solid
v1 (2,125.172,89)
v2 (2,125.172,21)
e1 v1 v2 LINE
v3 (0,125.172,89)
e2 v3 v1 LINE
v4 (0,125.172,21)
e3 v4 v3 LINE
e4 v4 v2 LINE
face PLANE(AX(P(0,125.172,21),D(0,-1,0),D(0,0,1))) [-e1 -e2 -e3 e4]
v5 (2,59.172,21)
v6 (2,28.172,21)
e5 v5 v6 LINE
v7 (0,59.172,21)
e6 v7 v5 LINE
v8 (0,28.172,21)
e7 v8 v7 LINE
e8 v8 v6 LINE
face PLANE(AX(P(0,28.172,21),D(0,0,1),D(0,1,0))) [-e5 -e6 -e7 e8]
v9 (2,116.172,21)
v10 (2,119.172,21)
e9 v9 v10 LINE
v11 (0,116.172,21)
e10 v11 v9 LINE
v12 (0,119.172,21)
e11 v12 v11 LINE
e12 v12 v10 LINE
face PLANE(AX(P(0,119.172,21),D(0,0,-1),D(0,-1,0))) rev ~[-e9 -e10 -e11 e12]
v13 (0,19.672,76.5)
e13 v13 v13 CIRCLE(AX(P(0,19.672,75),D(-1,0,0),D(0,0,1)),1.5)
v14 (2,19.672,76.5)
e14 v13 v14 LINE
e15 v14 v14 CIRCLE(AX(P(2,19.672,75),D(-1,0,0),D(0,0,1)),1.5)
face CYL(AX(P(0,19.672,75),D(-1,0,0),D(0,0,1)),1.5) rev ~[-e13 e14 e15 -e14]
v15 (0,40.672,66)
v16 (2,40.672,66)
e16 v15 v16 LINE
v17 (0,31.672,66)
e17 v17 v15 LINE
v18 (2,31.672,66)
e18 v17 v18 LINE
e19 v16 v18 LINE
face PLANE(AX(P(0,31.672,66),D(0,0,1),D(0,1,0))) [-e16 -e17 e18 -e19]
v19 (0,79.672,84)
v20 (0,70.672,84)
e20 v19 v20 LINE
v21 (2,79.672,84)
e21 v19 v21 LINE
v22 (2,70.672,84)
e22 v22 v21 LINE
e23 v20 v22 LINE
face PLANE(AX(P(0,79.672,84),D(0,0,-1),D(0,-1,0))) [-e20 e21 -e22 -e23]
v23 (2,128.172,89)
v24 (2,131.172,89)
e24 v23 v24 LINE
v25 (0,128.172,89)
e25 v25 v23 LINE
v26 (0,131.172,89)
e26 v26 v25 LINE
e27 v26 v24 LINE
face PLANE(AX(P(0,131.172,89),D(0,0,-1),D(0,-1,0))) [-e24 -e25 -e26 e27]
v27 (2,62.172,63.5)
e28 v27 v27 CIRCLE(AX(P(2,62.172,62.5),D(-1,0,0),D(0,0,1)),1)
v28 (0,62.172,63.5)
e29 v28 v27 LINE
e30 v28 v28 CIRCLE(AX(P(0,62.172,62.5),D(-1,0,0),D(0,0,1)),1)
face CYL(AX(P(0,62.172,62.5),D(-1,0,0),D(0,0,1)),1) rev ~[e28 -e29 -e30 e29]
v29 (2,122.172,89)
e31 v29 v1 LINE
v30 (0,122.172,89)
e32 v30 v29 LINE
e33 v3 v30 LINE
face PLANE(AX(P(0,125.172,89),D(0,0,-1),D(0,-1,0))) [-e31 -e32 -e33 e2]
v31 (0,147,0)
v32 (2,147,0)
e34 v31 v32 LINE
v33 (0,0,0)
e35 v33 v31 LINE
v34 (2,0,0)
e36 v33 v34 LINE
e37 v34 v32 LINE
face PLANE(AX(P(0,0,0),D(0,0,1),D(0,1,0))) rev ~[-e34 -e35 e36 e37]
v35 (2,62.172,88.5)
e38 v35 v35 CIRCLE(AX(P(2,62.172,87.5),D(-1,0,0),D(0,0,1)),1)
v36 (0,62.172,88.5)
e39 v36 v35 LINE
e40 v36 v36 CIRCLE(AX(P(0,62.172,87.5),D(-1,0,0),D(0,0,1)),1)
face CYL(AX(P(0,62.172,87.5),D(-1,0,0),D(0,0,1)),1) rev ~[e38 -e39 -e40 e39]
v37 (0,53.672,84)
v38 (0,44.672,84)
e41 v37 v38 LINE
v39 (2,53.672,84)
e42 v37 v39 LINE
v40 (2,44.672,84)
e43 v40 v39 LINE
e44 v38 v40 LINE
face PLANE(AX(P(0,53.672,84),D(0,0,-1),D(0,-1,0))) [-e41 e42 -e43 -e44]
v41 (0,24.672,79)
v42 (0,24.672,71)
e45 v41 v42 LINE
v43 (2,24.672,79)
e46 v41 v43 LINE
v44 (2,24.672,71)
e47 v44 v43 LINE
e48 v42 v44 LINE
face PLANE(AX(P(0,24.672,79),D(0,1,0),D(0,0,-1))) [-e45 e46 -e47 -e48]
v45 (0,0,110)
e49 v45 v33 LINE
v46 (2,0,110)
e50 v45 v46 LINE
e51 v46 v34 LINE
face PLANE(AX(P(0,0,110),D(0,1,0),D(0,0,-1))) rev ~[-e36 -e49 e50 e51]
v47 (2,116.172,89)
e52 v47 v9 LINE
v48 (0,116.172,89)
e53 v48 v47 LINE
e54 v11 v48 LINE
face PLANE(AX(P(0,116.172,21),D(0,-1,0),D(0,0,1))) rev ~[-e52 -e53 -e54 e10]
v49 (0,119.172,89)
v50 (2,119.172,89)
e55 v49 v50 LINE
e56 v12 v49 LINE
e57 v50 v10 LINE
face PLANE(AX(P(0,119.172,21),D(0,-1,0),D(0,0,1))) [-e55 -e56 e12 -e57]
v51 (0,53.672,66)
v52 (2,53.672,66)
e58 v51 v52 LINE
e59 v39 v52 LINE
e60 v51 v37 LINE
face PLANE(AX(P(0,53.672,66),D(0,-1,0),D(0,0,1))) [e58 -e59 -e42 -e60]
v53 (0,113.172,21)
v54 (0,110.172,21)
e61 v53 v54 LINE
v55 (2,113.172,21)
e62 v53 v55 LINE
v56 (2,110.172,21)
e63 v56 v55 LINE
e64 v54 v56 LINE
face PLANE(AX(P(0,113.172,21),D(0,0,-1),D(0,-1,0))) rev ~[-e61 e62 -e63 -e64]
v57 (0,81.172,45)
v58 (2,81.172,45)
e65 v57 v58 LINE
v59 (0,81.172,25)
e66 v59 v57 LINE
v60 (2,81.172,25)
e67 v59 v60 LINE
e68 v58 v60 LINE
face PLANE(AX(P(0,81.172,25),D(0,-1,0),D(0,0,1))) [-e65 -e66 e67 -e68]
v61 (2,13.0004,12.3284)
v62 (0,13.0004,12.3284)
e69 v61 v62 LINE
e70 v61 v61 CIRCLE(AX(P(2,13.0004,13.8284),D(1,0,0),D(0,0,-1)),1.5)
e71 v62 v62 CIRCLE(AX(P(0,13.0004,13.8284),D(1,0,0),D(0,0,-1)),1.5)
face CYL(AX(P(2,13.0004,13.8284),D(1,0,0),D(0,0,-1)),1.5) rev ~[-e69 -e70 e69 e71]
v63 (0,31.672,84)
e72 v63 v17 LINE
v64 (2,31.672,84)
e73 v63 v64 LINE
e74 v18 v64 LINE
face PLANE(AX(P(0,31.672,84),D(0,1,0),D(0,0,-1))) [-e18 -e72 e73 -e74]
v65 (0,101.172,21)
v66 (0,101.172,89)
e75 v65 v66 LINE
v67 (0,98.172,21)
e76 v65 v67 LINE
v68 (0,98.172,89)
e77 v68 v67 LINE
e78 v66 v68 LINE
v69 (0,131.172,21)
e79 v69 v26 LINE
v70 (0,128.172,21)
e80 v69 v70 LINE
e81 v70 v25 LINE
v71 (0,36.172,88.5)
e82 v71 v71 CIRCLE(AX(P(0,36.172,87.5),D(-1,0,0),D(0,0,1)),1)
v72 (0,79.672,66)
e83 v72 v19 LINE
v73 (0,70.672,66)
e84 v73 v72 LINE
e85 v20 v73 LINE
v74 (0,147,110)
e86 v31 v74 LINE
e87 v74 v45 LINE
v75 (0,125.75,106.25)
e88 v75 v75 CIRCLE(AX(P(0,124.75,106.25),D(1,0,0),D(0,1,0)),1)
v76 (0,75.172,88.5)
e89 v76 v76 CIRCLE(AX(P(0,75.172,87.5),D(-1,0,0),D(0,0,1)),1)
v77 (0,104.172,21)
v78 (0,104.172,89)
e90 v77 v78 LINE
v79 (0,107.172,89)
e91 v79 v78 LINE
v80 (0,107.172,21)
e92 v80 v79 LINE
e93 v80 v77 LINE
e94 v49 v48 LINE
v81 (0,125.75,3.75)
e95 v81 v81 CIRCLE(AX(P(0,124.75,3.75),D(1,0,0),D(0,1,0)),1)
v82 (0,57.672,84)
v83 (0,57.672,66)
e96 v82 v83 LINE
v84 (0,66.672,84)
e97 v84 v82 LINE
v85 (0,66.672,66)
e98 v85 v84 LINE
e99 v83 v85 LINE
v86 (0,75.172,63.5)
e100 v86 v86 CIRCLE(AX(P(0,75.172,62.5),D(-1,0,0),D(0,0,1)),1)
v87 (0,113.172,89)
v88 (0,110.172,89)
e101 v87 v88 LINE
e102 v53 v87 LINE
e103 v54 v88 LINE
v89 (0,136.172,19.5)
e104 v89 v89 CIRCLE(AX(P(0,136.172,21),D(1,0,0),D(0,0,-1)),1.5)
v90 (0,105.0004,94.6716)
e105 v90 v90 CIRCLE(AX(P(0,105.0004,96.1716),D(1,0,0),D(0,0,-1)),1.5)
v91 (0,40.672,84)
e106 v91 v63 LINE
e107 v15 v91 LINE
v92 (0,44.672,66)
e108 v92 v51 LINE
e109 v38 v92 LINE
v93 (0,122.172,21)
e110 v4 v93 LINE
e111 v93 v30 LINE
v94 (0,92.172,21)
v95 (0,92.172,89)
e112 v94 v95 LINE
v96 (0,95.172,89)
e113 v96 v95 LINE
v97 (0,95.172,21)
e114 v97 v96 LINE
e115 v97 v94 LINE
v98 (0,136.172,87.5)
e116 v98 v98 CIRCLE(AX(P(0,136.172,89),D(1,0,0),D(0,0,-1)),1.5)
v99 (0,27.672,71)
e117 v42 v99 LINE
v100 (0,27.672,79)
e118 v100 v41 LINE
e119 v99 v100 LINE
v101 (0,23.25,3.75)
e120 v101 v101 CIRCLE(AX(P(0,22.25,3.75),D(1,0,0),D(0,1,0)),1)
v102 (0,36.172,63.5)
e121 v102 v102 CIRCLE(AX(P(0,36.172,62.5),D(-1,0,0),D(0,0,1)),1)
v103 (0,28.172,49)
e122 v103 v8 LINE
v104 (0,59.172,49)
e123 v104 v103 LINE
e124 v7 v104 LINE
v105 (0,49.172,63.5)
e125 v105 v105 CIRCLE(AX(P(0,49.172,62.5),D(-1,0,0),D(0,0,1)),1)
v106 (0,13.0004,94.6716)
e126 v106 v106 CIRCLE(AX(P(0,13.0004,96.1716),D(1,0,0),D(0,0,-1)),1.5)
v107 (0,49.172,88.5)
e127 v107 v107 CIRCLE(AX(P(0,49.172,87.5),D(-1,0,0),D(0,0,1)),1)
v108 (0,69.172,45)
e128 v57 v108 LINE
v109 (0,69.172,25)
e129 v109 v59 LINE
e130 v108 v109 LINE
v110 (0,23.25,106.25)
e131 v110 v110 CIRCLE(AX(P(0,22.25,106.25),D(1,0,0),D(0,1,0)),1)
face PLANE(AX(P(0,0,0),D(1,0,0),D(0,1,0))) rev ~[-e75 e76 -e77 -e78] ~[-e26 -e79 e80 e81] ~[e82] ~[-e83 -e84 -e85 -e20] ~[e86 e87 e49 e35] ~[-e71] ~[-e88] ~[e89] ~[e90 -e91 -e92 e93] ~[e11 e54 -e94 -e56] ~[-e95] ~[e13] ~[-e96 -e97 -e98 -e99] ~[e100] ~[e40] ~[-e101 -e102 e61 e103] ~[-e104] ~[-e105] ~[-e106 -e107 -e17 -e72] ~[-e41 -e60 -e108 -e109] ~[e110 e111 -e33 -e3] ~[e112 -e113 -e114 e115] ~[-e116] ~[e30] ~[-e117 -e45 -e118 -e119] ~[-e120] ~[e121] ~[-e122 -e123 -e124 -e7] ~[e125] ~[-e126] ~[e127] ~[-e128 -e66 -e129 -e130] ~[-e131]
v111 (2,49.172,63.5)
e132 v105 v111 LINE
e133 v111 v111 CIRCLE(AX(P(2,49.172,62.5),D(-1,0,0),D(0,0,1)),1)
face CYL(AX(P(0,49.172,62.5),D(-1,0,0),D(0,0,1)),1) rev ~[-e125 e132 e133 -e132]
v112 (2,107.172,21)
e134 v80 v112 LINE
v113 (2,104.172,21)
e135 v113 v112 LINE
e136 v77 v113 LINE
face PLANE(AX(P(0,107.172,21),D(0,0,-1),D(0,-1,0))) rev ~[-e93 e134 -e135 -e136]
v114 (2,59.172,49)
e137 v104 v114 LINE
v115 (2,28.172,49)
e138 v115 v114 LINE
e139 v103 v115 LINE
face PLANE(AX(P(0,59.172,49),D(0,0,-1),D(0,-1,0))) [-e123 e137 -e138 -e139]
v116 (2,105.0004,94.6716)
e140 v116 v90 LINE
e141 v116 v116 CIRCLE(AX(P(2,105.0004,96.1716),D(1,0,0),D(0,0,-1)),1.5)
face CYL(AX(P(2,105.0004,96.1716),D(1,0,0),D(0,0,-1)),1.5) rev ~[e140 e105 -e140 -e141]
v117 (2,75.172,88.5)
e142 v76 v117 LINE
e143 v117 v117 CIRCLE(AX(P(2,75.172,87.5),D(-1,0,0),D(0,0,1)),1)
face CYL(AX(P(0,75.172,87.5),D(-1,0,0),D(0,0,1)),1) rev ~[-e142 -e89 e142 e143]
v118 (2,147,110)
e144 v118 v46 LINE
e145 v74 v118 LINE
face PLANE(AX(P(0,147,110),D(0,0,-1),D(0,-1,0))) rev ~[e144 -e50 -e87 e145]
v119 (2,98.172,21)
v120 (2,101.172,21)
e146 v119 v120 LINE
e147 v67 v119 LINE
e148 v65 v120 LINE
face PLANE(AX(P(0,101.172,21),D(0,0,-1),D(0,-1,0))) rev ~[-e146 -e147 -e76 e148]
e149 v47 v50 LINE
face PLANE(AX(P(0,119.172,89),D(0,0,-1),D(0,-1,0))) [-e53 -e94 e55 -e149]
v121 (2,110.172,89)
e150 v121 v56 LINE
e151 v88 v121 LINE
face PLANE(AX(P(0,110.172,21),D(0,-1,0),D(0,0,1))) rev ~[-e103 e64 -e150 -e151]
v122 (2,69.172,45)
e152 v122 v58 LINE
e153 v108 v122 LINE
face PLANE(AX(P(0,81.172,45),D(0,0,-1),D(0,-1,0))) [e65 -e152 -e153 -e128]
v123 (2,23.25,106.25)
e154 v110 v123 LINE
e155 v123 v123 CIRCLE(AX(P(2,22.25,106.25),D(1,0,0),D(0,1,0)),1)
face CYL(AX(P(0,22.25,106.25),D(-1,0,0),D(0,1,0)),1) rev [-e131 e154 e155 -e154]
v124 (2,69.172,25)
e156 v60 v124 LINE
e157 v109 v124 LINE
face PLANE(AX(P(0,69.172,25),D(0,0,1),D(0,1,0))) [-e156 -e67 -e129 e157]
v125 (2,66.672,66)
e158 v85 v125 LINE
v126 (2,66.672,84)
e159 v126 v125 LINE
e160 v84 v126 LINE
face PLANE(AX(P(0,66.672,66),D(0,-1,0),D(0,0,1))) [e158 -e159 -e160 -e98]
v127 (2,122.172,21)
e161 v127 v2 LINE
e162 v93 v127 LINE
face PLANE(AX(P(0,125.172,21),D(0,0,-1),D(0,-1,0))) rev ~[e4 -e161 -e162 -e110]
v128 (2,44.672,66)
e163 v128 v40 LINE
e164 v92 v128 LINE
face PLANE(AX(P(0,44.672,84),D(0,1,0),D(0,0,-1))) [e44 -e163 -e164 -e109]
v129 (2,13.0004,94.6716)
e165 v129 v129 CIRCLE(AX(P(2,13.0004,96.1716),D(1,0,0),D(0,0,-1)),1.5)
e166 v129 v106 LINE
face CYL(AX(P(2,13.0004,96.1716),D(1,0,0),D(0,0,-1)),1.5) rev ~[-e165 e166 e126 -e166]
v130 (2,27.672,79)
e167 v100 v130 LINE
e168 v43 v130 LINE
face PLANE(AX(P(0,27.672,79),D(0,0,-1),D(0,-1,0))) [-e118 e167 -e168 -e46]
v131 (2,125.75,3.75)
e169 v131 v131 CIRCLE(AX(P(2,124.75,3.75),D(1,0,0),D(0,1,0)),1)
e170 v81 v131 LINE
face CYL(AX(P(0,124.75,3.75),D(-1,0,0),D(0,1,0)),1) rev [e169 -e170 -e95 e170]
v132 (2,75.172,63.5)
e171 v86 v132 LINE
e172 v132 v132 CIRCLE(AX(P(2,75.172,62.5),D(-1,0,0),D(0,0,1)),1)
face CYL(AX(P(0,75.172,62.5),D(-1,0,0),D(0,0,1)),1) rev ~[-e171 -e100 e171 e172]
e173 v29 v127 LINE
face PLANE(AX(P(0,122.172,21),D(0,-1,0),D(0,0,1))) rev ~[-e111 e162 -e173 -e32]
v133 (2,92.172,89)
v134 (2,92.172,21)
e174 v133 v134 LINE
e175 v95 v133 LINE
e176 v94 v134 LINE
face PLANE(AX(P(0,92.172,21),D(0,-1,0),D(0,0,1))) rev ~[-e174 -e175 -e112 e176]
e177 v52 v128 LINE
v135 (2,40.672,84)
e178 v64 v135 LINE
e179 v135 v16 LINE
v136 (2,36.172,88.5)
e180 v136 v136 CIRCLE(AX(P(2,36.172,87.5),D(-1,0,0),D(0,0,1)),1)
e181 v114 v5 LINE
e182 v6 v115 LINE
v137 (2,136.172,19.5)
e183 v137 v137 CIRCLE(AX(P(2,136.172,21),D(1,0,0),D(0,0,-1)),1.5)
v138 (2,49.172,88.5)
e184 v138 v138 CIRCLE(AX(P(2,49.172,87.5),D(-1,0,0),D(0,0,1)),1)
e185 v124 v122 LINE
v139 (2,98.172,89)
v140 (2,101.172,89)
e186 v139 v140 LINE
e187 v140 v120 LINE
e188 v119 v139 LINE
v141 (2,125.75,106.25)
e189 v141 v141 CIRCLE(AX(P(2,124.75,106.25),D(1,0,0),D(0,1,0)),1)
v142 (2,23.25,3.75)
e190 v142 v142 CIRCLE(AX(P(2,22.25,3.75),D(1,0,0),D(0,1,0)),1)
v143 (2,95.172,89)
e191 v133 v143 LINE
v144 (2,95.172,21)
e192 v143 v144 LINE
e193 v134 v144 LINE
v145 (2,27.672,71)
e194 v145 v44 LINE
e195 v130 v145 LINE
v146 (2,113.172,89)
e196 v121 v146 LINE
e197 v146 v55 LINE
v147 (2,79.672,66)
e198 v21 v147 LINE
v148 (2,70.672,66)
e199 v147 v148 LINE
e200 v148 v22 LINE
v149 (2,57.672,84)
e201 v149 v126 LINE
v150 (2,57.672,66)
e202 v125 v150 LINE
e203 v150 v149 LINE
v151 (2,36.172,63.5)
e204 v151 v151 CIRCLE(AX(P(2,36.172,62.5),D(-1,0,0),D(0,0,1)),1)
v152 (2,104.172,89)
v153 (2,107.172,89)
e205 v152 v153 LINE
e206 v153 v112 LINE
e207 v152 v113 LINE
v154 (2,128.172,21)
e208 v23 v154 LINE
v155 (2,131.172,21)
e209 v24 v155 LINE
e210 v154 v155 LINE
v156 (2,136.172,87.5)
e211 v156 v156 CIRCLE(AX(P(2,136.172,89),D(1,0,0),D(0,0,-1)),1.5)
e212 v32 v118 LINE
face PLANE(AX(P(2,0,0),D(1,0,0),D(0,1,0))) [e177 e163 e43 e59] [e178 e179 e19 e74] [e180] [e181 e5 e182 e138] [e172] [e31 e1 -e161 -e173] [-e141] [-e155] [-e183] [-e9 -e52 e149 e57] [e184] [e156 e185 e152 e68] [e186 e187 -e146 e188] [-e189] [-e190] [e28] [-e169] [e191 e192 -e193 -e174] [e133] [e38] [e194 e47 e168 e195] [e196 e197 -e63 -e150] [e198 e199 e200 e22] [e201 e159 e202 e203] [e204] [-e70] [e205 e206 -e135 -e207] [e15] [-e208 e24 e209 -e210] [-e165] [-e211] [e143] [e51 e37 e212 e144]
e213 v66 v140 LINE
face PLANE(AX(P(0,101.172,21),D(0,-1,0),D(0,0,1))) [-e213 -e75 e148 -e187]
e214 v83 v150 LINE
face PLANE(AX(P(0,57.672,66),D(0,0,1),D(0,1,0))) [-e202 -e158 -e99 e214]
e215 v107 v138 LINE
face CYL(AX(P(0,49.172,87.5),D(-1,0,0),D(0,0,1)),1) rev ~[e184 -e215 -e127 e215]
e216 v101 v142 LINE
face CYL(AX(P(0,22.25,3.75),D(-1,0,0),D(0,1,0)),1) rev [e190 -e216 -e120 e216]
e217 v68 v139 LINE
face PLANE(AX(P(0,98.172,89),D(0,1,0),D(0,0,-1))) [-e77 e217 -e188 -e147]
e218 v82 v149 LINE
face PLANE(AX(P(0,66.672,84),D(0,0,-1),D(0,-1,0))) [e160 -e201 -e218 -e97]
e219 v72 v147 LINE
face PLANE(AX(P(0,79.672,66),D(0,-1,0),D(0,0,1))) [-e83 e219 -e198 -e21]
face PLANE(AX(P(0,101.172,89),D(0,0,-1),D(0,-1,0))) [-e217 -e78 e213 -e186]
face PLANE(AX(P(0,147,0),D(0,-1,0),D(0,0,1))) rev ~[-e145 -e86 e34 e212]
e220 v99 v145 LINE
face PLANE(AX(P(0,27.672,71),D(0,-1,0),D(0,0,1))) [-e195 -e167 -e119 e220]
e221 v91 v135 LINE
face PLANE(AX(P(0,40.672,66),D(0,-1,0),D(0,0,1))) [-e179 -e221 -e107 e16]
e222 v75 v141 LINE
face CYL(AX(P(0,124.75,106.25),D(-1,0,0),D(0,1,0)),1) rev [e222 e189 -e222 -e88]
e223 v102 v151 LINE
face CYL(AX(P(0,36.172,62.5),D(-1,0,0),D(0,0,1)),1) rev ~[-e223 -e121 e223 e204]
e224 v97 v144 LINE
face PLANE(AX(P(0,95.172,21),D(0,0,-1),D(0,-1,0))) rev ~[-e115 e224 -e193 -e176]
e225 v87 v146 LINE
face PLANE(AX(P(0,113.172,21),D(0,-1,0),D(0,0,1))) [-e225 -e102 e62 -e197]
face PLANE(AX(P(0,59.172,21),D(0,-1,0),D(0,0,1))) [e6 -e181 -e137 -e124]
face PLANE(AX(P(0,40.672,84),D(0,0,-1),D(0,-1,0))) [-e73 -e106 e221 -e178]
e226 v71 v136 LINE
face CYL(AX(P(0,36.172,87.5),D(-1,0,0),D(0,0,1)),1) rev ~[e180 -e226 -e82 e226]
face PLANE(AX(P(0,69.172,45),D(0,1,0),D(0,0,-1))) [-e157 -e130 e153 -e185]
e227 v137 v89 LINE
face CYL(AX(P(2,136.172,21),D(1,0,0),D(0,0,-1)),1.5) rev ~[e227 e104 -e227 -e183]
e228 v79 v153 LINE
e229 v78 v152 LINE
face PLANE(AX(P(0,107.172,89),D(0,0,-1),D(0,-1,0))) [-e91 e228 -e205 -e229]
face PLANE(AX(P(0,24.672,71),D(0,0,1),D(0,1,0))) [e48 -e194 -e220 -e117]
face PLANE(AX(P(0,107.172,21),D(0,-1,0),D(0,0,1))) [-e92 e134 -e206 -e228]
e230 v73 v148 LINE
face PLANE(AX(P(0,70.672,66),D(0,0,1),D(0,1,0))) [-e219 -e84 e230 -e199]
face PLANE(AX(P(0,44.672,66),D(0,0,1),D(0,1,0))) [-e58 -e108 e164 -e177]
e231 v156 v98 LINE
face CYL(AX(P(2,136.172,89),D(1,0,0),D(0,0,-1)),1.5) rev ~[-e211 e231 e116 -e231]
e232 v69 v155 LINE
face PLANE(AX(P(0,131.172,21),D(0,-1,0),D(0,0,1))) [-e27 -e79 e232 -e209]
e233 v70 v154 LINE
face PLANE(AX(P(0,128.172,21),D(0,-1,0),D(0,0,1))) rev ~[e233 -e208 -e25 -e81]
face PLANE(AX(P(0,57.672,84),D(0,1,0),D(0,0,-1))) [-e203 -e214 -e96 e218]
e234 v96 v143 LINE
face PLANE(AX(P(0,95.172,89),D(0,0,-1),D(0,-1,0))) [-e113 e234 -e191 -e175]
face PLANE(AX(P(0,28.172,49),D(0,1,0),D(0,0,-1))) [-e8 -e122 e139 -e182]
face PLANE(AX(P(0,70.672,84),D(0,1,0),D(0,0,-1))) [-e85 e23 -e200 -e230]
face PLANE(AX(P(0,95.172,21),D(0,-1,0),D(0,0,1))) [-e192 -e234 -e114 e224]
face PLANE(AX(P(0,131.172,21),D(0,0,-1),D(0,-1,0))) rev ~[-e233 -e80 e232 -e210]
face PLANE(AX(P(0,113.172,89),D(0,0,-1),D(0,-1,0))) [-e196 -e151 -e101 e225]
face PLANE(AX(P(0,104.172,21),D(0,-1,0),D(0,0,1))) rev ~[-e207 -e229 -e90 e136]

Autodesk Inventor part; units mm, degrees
ref_plane "YZ Plane" through (0, 0, 0) normal (1, 0, 0) x (0, 1, 0)
ref_plane "XZ Plane" through (0, 0, 0) normal (0, 1, 0) x (-1, 0, 0)
ref_plane "XY Plane" through (0, 0, 0) normal (0, 0, 1) x (1, 0, 0)
sketch "Sketch1" plane through (0, 0, 0) normal (1, 0, 0) x (0, 1, 0)
  line L0 (0, 0) -> (147, 0)
  line L1 (147, 0) -> (147, 110)
  line L2 (147, 110) -> (0, 110)
  line L3 (0, 110) -> (0, 0)
  circle A0 centre (124.75, 106.25) radius 1
  circle A1 centre (124.75, 3.75) radius 1
  circle A2 centre (22.25, 3.75) radius 1
  circle A3 centre (22.25, 106.25) radius 1
  dimension "d0" = 102.5
  dimension "d1" = 102.5
  dimension "d2" = 2
  dimension "d3" = 110
  dimension "d4" = 147
  dimension "d5" = 22.25
  dimension "d6" = 22.25
  dimension "d7" = 3.75
  dimension "d8" = 3.75
extrude "Extrusion1" add sketch "Sketch1" along normal blind 2
sketch "Sketch5" plane through (2, 0, 0) normal (1, 0, 0) x (0, 0, -1)
  line L0 (0, 0) -> (0, 147) projected
  line L1 (-110, 147) -> (-110, 0) projected
  circle A0 centre (-13.8284, 13.0004) radius 1.5
  circle A1 centre (-96.1716, 13.0004) radius 1.5
  circle A2 centre (-89, 136.172) radius 1.5
  circle A3 centre (-96.1716, 105.0004) radius 1.5
  circle A4 centre (-21, 136.172) radius 1.5
  line L2 (-110, 0) -> (0, 0) projected
  line L3 (0, 147) -> (-110, 147) projected
  dimension "d94" = 3
  dimension "d116" = 21
  dimension "d117" = 68
  dimension "d118" = 82.3431
  dimension "d119" = 123.1716
  dimension "d120" = 7.1716
  dimension "d121" = 92
  dimension "d122" = 10.828
extrude "Extrusion4" cut sketch "Sketch5" against normal through all contours A0 | A1 | A2 | A3 | A4
sketch "Sketch7" plane through (0, 0, 0) normal (-1, 0, 0) x (0, 0, 1)
  line L0 (21, 59.172) -> (49, 59.172)
  line L1 (49, 59.172) -> (49, 28.172)
  line L2 (49, 28.172) -> (21, 28.172)
  line L3 (21, 28.172) -> (21, 59.172)
  line L4 (71, 27.672) -> (79, 27.672)
  line L5 (79, 27.672) -> (79, 24.672)
  line L6 (79, 24.672) -> (71, 24.672)
  line L7 (71, 24.672) -> (71, 27.672)
  line L8 (66, 66.672) -> (84, 66.672)
  line L9 (84, 66.672) -> (84, 57.672)
  line L10 (84, 57.672) -> (66, 57.672)
  line L11 (66, 57.672) -> (66, 66.672)
  line L12 (25, 81.172) -> (45, 81.172)
  line L13 (45, 81.172) -> (45, 69.172)
  line L14 (45, 69.172) -> (25, 69.172)
  line L15 (25, 69.172) -> (25, 81.172)
  circle A0 centre (75, 19.672) radius 1.5
  circle A1 centre (62.5, 62.172) radius 1
  circle A2 centre (87.5, 62.172) radius 1
  line L16 (21, 131.172) -> (89, 131.172)
  line L17 (21, 128.172) -> (89, 128.172)
  line L18 (21, 125.172) -> (89, 125.172)
  line L19 (21, 122.172) -> (89, 122.172)
  line L20 (21, 119.172) -> (89, 119.172)
  line L21 (21, 131.172) -> (21, 89.172)
  line L22 (89, 131.172) -> (89, 89.172)
  line L23 (21, 116.172) -> (89, 116.172)
  line L24 (21, 113.172) -> (89, 113.172)
  line L25 (21, 110.172) -> (89, 110.172)
  line L26 (21, 107.172) -> (89, 107.172)
  line L27 (21, 104.172) -> (89, 104.172)
  line L28 (21, 89.172) -> (89, 89.172)
  circle A3 centre (21, 136.172) radius 1.5 construction
  circle A4 centre (21, 136.172) radius 1.5 projected
  circle A5 centre (89, 136.172) radius 1.5 construction
  circle A6 centre (89, 136.172) radius 1.5 projected
  line L29 (110, 147) -> (110, 0) projected
  line L30 (0, 0) -> (0, 147) projected
  line L31 (21, 101.172) -> (89, 101.172)
  line L32 (89, 98.172) -> (21, 98.172)
  line L33 (21, 95.172) -> (89, 95.172)
  line L34 (21, 92.172) -> (89, 92.172)
  line L35 (66, 79.672) -> (84, 79.672)
  line L36 (84, 79.672) -> (84, 70.672)
  line L37 (84, 70.672) -> (66, 70.672)
  line L38 (66, 70.672) -> (66, 79.672)
  circle A7 centre (62.5, 75.172) radius 1
  circle A8 centre (87.5, 75.172) radius 1
  line L39 (66, 53.672) -> (84, 53.672)
  line L40 (84, 53.672) -> (84, 44.672)
  line L41 (84, 44.672) -> (66, 44.672)
  line L42 (66, 44.672) -> (66, 53.672)
  circle A9 centre (62.5, 49.172) radius 1
  circle A10 centre (87.5, 49.172) radius 1
  line L43 (66, 40.672) -> (84, 40.672)
  line L44 (84, 40.672) -> (84, 31.672)
  line L45 (84, 31.672) -> (66, 31.672)
  line L46 (66, 31.672) -> (66, 40.672)
  circle A11 centre (62.5, 36.172) radius 1
  circle A12 centre (87.5, 36.172) radius 1
  point P0 (35, 69.172)
  point P1 (35, 59.172)
  point P2 (75, 57.672)
  point P3 (75, 27.672)
  point P4 (75, 24.672)
  point P5 (66, 62.172)
  point P6 (84, 62.172)
  point P7 (66, 75.172)
  point P8 (45, 75.172)
  point P9 (66, 49.172)
  point P10 (84, 36.172)
  point P11 (66, 36.172)
  dimension "d105" = 8
  dimension "d106" = 3
  dimension "d107" = 18
  dimension "d108" = 9
  dimension "d109" = 28
  dimension "d110" = 31
  dimension "d111" = 20
  dimension "d112" = 12
  dimension "d123" = 3
  dimension "d124" = 5
  dimension "d125" = 25
  dimension "d126" = 12.5
  dimension "d127" = 2
  dimension "d129" = 3
  dimension "d130" = 3
  dimension "d131" = 3
  dimension "d133" = 3
  dimension "d134" = 3
  dimension "d135" = 3
  dimension "d136" = 3
  dimension "d137" = 3
  dimension "d138" = 3
  dimension "d140" = 5
  dimension "d141" = 40
  dimension "d142" = 35
  dimension "d143" = 35
  dimension "d144" = 10
  dimension "d150" = 3
  dimension "d151" = 3
  dimension "d152" = 3
  dimension "d154" = 3
  dimension "d155" = 3
  dimension "d156" = 8
  dimension "d158" = 4
  dimension "d159" = 4
  dimension "d161" = 4
  dimension "d162" = 4
extrude "Extrusion5" cut sketch "Sketch7" against normal through all contours L0 L1 L2 L3 | L4 L5 L6 L7 | L8 L9 L10 L11 | L12 L13 L14 L15 | A0 | A1 | A2 | L16 L22 L17 L21 | L18 L22 L19 L21 | L20 L22 L23 L21 | L24 L22 L25 L21 | L26 L22 L27 L21 | L31 L22 L32 L21 | L33 L22 L34 L21 | L35 L36 L37 L38 | A7 | A8 | L39 L40 L41 L42 | A9 | A10 | L43 L44 L45 L46 | A11 | A12
equation "\"d1\" = d0"
equation "\"d5\" = d6"
equation "\"d7\" = d8"
properties part number "front plate"
